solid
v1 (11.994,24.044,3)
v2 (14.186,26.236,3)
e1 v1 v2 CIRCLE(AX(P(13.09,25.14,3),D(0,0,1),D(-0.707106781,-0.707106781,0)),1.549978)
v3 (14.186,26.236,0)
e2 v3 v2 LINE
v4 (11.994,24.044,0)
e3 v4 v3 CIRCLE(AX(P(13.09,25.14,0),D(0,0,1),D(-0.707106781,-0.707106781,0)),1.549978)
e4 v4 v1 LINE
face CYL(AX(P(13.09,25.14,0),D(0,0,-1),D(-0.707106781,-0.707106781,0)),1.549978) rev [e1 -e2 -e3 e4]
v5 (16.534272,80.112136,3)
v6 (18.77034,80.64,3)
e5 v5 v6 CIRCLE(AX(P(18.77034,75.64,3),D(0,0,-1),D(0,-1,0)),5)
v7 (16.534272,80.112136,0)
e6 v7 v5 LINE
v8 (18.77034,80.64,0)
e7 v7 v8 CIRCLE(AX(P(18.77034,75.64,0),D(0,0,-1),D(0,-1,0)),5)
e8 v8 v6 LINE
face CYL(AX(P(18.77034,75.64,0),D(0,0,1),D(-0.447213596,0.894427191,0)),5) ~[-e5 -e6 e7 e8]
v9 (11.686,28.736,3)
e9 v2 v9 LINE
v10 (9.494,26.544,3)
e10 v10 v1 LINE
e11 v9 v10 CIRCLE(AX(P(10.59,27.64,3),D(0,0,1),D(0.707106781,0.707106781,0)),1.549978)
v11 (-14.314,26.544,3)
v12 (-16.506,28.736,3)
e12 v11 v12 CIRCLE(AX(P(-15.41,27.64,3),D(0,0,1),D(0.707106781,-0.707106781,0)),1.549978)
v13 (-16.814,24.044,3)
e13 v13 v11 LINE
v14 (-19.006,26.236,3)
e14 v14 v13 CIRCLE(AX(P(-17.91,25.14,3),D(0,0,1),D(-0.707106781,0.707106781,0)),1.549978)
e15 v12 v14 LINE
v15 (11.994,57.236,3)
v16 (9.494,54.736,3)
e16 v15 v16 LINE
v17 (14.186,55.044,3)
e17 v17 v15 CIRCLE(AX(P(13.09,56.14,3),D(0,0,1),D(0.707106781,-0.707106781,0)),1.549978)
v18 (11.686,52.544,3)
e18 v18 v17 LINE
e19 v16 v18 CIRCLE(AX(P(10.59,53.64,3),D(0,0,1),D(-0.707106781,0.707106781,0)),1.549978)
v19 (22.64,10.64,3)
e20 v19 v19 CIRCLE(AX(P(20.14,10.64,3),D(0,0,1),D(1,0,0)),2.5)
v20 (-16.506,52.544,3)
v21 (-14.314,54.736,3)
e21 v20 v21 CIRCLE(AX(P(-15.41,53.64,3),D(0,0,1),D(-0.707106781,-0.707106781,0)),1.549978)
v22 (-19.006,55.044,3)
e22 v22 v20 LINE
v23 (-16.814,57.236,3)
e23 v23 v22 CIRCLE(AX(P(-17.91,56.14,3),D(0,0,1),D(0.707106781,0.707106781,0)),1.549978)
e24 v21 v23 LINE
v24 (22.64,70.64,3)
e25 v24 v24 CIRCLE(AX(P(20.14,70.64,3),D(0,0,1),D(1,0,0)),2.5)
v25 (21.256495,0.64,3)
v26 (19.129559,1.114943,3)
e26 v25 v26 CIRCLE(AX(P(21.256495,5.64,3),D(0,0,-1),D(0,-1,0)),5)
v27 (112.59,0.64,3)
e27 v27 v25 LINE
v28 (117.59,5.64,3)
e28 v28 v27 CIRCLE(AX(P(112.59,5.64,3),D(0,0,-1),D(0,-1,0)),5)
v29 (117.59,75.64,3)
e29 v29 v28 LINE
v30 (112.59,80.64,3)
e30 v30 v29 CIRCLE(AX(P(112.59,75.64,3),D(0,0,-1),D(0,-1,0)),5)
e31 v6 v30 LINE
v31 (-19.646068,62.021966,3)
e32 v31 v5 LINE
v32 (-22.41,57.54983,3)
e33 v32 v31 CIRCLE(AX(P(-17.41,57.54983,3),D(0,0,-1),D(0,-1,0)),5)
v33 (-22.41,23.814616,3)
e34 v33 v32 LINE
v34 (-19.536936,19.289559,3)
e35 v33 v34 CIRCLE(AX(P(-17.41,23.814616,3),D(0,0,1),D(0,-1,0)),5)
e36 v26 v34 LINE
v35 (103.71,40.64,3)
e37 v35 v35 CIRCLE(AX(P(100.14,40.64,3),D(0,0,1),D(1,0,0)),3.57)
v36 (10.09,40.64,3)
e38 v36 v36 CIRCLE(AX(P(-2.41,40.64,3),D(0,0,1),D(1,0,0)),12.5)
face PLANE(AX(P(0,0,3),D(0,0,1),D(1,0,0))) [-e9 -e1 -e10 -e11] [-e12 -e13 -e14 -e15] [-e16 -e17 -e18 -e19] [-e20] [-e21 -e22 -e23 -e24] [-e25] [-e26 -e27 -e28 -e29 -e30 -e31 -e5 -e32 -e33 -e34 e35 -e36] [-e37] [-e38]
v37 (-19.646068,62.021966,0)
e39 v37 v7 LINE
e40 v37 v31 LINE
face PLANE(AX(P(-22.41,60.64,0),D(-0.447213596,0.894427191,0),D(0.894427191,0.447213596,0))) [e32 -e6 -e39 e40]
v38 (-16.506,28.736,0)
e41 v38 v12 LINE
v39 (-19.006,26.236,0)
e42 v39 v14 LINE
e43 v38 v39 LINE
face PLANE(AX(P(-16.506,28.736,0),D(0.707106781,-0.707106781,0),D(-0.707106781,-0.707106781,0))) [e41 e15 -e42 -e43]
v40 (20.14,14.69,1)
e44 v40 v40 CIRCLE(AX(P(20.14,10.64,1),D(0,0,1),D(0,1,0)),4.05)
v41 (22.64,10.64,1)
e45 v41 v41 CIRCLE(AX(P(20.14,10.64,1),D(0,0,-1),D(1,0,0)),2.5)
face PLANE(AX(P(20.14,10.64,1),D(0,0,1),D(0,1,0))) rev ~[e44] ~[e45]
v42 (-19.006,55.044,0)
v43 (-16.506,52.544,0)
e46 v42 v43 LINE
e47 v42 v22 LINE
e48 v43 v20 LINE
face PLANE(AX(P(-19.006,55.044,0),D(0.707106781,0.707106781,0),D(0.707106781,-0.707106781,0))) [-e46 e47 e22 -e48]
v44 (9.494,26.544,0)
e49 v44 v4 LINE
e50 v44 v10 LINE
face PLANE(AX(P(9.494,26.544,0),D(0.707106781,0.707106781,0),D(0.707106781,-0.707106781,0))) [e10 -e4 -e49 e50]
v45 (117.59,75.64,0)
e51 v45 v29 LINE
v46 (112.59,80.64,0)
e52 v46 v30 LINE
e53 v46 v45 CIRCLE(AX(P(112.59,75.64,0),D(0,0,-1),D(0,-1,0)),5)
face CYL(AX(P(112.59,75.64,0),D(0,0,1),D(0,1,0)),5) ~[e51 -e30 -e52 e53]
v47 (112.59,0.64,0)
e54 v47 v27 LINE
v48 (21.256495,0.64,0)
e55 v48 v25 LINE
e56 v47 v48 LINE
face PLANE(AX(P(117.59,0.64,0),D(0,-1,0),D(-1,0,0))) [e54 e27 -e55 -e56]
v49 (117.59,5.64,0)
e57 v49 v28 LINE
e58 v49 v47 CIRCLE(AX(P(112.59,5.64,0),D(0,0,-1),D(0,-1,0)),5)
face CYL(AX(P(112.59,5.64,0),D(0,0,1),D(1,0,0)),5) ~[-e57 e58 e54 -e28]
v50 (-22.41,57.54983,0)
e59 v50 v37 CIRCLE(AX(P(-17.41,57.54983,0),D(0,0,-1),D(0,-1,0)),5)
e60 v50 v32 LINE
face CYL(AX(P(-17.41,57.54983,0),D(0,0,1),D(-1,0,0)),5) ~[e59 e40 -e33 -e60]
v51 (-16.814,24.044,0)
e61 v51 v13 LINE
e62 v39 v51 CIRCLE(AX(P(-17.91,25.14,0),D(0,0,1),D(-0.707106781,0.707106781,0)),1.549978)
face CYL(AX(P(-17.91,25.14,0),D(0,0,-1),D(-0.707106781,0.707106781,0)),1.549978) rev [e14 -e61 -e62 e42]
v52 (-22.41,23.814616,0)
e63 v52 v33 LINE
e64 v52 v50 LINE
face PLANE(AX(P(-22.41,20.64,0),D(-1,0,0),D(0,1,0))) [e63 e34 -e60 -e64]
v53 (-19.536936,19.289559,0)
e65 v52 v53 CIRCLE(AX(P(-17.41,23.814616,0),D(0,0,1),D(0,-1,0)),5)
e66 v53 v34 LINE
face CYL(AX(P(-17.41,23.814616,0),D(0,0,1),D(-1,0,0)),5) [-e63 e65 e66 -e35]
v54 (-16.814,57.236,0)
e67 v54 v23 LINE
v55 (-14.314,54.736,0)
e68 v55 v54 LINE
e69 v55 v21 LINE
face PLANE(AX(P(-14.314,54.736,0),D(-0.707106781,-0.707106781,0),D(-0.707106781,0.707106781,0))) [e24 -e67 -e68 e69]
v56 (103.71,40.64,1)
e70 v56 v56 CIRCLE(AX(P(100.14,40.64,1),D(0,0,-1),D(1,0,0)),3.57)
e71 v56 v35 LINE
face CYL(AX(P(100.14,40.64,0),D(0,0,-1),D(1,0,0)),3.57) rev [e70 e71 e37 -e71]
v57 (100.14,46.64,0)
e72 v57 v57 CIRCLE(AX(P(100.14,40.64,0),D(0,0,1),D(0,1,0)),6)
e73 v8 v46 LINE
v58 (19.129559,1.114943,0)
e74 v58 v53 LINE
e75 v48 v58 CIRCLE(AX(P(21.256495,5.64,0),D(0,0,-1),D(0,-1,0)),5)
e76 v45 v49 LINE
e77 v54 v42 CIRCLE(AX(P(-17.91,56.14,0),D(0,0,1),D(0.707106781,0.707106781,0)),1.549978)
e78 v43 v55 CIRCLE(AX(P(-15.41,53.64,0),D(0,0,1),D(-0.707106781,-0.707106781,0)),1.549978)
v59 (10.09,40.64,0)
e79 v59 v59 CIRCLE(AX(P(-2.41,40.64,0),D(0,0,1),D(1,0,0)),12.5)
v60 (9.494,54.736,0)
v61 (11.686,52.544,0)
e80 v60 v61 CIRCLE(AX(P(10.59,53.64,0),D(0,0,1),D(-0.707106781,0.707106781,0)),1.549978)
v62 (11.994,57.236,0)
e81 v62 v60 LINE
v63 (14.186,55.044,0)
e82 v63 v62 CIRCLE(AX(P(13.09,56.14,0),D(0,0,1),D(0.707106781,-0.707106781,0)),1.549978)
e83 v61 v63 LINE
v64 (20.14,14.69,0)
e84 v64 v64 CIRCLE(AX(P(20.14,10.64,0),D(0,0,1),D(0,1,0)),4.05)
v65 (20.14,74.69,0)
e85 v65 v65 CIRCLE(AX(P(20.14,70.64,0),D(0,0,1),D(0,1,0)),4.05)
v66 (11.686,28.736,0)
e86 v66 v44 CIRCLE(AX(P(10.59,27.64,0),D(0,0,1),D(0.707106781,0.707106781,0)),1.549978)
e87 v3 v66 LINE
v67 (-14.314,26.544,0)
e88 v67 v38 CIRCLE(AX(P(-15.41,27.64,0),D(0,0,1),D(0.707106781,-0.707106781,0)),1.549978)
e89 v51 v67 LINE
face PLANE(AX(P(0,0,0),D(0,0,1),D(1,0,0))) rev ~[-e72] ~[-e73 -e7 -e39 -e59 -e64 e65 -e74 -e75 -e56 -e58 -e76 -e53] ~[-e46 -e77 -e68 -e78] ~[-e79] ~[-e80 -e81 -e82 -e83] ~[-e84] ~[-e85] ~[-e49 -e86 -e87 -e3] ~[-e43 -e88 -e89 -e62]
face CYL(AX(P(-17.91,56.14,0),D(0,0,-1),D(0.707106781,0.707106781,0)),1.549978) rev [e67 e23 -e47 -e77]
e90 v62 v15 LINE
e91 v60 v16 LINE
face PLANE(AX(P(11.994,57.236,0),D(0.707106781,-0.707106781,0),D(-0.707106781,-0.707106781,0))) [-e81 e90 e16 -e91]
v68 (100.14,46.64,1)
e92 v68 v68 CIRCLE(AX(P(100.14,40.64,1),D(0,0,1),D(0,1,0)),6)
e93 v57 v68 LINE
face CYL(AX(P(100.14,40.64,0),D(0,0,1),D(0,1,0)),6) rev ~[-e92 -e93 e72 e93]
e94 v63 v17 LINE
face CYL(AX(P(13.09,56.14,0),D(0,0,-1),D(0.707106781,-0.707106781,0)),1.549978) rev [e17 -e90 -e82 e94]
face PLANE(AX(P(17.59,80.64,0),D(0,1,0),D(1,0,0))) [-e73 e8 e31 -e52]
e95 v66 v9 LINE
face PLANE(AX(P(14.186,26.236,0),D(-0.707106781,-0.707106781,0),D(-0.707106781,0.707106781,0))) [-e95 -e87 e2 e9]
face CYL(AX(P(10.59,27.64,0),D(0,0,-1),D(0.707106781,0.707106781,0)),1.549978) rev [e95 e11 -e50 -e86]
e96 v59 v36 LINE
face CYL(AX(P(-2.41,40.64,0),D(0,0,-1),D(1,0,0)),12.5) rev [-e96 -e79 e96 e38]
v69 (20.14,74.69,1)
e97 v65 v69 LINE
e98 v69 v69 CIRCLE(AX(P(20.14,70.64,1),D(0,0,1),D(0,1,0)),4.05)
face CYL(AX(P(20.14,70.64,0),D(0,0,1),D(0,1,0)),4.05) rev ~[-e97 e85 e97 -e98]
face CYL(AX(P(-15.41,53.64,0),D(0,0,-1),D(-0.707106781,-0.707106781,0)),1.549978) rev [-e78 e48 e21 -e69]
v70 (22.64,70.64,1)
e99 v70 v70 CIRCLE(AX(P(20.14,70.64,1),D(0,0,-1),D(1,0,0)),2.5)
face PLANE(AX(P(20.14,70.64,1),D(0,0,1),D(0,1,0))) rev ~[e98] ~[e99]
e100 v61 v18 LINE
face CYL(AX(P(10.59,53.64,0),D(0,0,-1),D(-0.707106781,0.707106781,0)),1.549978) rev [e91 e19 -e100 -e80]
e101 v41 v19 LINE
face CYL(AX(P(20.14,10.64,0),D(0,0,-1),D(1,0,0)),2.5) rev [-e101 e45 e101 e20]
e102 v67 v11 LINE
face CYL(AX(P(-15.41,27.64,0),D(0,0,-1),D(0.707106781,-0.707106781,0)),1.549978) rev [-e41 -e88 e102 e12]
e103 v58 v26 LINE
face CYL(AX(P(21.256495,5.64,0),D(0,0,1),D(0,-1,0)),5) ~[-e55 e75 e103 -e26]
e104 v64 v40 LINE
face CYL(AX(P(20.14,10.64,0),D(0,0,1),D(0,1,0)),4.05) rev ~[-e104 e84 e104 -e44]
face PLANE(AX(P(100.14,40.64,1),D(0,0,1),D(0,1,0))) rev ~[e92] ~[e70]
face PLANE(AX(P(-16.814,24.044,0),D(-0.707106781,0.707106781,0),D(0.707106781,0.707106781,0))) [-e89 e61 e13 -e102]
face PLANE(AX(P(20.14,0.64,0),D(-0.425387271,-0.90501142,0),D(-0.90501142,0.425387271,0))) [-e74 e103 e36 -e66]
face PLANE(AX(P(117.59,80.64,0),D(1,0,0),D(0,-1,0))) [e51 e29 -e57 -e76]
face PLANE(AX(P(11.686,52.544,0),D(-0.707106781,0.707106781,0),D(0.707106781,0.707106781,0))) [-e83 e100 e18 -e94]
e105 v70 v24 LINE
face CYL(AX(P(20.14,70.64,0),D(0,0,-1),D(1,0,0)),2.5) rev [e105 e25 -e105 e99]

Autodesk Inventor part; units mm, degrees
ref_plane "YZ Plane" through (0, 0, 0) normal (1, 0, 0) x (0, 1, 0)
ref_plane "XZ Plane" through (0, 0, 0) normal (0, 1, 0) x (-1, 0, 0)
ref_plane "XY Plane" through (0, 0, 0) normal (0, 0, 1) x (1, 0, 0)
sketch "Sketch1" plane through (0, 0, 0) normal (0, 0, 1) x (1, 0, 0)
  circle A0 centre (-2.41, 40.64) radius 12.5 projected
  line L0 (-16.506, 28.736) -> (-19.006, 26.236) projected
  arc A1 (-14.314, 26.544) -> (-16.506, 28.736) centre (-15.41, 27.64) ccw projected
  line L1 (-16.814, 24.044) -> (-14.314, 26.544) projected
  arc A2 (-19.006, 26.236) -> (-16.814, 24.044) centre (-17.91, 25.14) ccw projected
  line L2 (-19.006, 55.044) -> (-16.506, 52.544) projected
  arc A3 (-16.506, 52.544) -> (-14.314, 54.736) centre (-15.41, 53.64) ccw projected
  line L3 (-14.314, 54.736) -> (-16.814, 57.236) projected
  arc A4 (-16.814, 57.236) -> (-19.006, 55.044) centre (-17.91, 56.14) ccw projected
  line L4 (9.494, 26.544) -> (11.994, 24.044) projected
  arc A5 (11.686, 28.736) -> (9.494, 26.544) centre (10.59, 27.64) ccw projected
  line L5 (14.186, 26.236) -> (11.686, 28.736) projected
  arc A6 (11.994, 24.044) -> (14.186, 26.236) centre (13.09, 25.14) ccw projected
  line L6 (11.686, 52.544) -> (14.186, 55.044) projected
  arc A7 (9.494, 54.736) -> (11.686, 52.544) centre (10.59, 53.64) ccw projected
  line L7 (11.994, 57.236) -> (9.494, 54.736) projected
  arc A8 (14.186, 55.044) -> (11.994, 57.236) centre (13.09, 56.14) ccw projected
  circle A9 centre (20.14, 70.64) radius 2.5 projected
  circle A10 centre (20.14, 10.64) radius 2.5 projected
  circle A11 centre (100.14, 40.64) radius 3.57 projected
  line L8 (-22.41, 20.64) -> (-22.41, 60.64)
  line L9 (-22.41, 60.64) -> (17.59, 80.64)
  line L10 (17.59, 80.64) -> (117.59, 80.64)
  line L11 (117.59, 80.64) -> (117.59, 0.64)
  line L12 (117.59, 0.64) -> (20.14, 0.64)
  line L13 (20.14, 0.64) -> (-22.41, 20.64)
  point P0 (0, 0)
  dimension "d0" = 20
  dimension "d1" = 0
  dimension "d2" = 80
  dimension "d3" = 90
  dimension "d4" = 90
  dimension "d5" = 10
  dimension "d6" = 100
  dimension "d7" = 140
  dimension "d8" = 40
  dimension "d9" = 20
extrude "Extrusion1" add sketch "Sketch1" along normal blind 3
fillet "Fillet1" radius 5 6 edges at (117.59, 80.64, 1.5) (117.59, 0.64, 1.5) (17.59, 80.64, 1.5) (-22.41, 60.64, 1.5) (-22.41, 20.64, 1.5) (20.14, 0.64, 1.5)
sketch "Sketch2" plane through (0, 0, 0) normal (0, 0, -1) x (-1, 0, 0)
  circle A0 centre (2.41, 40.64) radius 12.5 projected
  circle A1 centre (-100.14, 40.64) radius 3.57 projected
  circle A2 centre (-20.14, 10.64) radius 2.5 projected
  circle A3 centre (-20.14, 70.64) radius 2.5 projected
  arc A4 (-11.686, 52.544) -> (-9.494, 54.736) centre (-10.59, 53.64) ccw projected
  line L0 (-11.686, 52.544) -> (-14.186, 55.044) projected
  arc A5 (-11.994, 57.236) -> (-14.186, 55.044) centre (-13.09, 56.14) ccw projected
  line L1 (-11.994, 57.236) -> (-9.494, 54.736) projected
  arc A6 (-9.494, 26.544) -> (-11.686, 28.736) centre (-10.59, 27.64) ccw projected
  line L2 (-9.494, 26.544) -> (-11.994, 24.044) projected
  arc A7 (-14.186, 26.236) -> (-11.994, 24.044) centre (-13.09, 25.14) ccw projected
  line L3 (-14.186, 26.236) -> (-11.686, 28.736) projected
  arc A8 (19.006, 55.044) -> (16.814, 57.236) centre (17.91, 56.14) ccw projected
  line L4 (19.006, 55.044) -> (16.506, 52.544) projected
  arc A9 (14.314, 54.736) -> (16.506, 52.544) centre (15.41, 53.64) ccw projected
  line L5 (14.314, 54.736) -> (16.814, 57.236) projected
  arc A10 (16.506, 28.736) -> (14.314, 26.544) centre (15.41, 27.64) ccw projected
  line L6 (16.506, 28.736) -> (19.006, 26.236) projected
  arc A11 (16.814, 24.044) -> (19.006, 26.236) centre (17.91, 25.14) ccw projected
  line L7 (16.814, 24.044) -> (14.314, 26.544) projected
  arc A12 (-21.2565, 0.64) -> (-19.1296, 1.1149) centre (-21.2565, 5.64) ccw projected
  line L8 (-19.1296, 1.1149) -> (19.5369, 19.2896) projected
  arc A13 (19.5369, 19.2896) -> (22.41, 23.8146) centre (17.41, 23.8146) ccw projected
  line L9 (22.41, 23.8146) -> (22.41, 57.5498) projected
  arc A14 (22.41, 57.5498) -> (19.6461, 62.022) centre (17.41, 57.5498) ccw projected
  line L10 (19.6461, 62.022) -> (-16.5343, 80.1121) projected
  arc A15 (-16.5343, 80.1121) -> (-18.7703, 80.64) centre (-18.7703, 75.64) ccw projected
  line L11 (-18.7703, 80.64) -> (-112.59, 80.64) projected
  arc A16 (-112.59, 80.64) -> (-117.59, 75.64) centre (-112.59, 75.64) ccw projected
  line L12 (-117.59, 75.64) -> (-117.59, 5.64) projected
  arc A17 (-117.59, 5.64) -> (-112.59, 0.64) centre (-112.59, 5.64) ccw projected
  line L13 (-112.59, 0.64) -> (-21.2565, 0.64) projected
  point P0 (0, 0)
hole "Hole1" at (100.14, 40.64, 0) direction (0, 0, 1) diameter 12 depth 1
sketch "Sketch3" plane through (0, 0, 0) normal (0, 0, -1) x (-1, 0, 0)
  circle A0 centre (-20.14, 10.64) radius 2.5 projected
  circle A1 centre (-100.14, 40.64) radius 6 projected
  circle A2 centre (2.41, 40.64) radius 12.5 projected
  circle A3 centre (-20.14, 10.64) radius 2.5 projected
  circle A4 centre (-20.14, 70.64) radius 2.5 projected
  arc A5 (-11.686, 52.544) -> (-9.494, 54.736) centre (-10.59, 53.64) ccw projected
  line L0 (-11.686, 52.544) -> (-14.186, 55.044) projected
  arc A6 (-11.994, 57.236) -> (-14.186, 55.044) centre (-13.09, 56.14) ccw projected
  line L1 (-11.994, 57.236) -> (-9.494, 54.736) projected
  arc A7 (-9.494, 26.544) -> (-11.686, 28.736) centre (-10.59, 27.64) ccw projected
  line L2 (-9.494, 26.544) -> (-11.994, 24.044) projected
  arc A8 (-14.186, 26.236) -> (-11.994, 24.044) centre (-13.09, 25.14) ccw projected
  line L3 (-14.186, 26.236) -> (-11.686, 28.736) projected
  arc A9 (19.006, 55.044) -> (16.814, 57.236) centre (17.91, 56.14) ccw projected
  line L4 (19.006, 55.044) -> (16.506, 52.544) projected
  arc A10 (14.314, 54.736) -> (16.506, 52.544) centre (15.41, 53.64) ccw projected
  line L5 (14.314, 54.736) -> (16.814, 57.236) projected
  arc A11 (16.506, 28.736) -> (14.314, 26.544) centre (15.41, 27.64) ccw projected
  line L6 (16.506, 28.736) -> (19.006, 26.236) projected
  arc A12 (16.814, 24.044) -> (19.006, 26.236) centre (17.91, 25.14) ccw projected
  line L7 (16.814, 24.044) -> (14.314, 26.544) projected
  arc A13 (-21.2565, 0.64) -> (-19.1296, 1.1149) centre (-21.2565, 5.64) ccw projected
  line L8 (-19.1296, 1.1149) -> (19.5369, 19.2896) projected
  arc A14 (19.5369, 19.2896) -> (22.41, 23.8146) centre (17.41, 23.8146) ccw projected
  line L9 (22.41, 23.8146) -> (22.41, 57.5498) projected
  arc A15 (22.41, 57.5498) -> (19.6461, 62.022) centre (17.41, 57.5498) ccw projected
  line L10 (19.6461, 62.022) -> (-16.5343, 80.1121) projected
  arc A16 (-16.5343, 80.1121) -> (-18.7703, 80.64) centre (-18.7703, 75.64) ccw projected
  line L11 (-18.7703, 80.64) -> (-112.59, 80.64) projected
  arc A17 (-112.59, 80.64) -> (-117.59, 75.64) centre (-112.59, 75.64) ccw projected
  line L12 (-117.59, 75.64) -> (-117.59, 5.64) projected
  arc A18 (-117.59, 5.64) -> (-112.59, 0.64) centre (-112.59, 5.64) ccw projected
  line L13 (-112.59, 0.64) -> (-21.2565, 0.64) projected
  circle A19 centre (-20.14, 70.64) radius 2.0572 projected
  circle A20 centre (-20.14, 10.64) radius 2.0572 projected
  point P0 (0, 0)
hole "Hole2" at (20.14, 10.64, 0) at (20.14, 70.64, 0) direction (0, 0, 1) diameter 8.1 depth 1
properties part number "Y Slider" material "Aluminum 6061"
